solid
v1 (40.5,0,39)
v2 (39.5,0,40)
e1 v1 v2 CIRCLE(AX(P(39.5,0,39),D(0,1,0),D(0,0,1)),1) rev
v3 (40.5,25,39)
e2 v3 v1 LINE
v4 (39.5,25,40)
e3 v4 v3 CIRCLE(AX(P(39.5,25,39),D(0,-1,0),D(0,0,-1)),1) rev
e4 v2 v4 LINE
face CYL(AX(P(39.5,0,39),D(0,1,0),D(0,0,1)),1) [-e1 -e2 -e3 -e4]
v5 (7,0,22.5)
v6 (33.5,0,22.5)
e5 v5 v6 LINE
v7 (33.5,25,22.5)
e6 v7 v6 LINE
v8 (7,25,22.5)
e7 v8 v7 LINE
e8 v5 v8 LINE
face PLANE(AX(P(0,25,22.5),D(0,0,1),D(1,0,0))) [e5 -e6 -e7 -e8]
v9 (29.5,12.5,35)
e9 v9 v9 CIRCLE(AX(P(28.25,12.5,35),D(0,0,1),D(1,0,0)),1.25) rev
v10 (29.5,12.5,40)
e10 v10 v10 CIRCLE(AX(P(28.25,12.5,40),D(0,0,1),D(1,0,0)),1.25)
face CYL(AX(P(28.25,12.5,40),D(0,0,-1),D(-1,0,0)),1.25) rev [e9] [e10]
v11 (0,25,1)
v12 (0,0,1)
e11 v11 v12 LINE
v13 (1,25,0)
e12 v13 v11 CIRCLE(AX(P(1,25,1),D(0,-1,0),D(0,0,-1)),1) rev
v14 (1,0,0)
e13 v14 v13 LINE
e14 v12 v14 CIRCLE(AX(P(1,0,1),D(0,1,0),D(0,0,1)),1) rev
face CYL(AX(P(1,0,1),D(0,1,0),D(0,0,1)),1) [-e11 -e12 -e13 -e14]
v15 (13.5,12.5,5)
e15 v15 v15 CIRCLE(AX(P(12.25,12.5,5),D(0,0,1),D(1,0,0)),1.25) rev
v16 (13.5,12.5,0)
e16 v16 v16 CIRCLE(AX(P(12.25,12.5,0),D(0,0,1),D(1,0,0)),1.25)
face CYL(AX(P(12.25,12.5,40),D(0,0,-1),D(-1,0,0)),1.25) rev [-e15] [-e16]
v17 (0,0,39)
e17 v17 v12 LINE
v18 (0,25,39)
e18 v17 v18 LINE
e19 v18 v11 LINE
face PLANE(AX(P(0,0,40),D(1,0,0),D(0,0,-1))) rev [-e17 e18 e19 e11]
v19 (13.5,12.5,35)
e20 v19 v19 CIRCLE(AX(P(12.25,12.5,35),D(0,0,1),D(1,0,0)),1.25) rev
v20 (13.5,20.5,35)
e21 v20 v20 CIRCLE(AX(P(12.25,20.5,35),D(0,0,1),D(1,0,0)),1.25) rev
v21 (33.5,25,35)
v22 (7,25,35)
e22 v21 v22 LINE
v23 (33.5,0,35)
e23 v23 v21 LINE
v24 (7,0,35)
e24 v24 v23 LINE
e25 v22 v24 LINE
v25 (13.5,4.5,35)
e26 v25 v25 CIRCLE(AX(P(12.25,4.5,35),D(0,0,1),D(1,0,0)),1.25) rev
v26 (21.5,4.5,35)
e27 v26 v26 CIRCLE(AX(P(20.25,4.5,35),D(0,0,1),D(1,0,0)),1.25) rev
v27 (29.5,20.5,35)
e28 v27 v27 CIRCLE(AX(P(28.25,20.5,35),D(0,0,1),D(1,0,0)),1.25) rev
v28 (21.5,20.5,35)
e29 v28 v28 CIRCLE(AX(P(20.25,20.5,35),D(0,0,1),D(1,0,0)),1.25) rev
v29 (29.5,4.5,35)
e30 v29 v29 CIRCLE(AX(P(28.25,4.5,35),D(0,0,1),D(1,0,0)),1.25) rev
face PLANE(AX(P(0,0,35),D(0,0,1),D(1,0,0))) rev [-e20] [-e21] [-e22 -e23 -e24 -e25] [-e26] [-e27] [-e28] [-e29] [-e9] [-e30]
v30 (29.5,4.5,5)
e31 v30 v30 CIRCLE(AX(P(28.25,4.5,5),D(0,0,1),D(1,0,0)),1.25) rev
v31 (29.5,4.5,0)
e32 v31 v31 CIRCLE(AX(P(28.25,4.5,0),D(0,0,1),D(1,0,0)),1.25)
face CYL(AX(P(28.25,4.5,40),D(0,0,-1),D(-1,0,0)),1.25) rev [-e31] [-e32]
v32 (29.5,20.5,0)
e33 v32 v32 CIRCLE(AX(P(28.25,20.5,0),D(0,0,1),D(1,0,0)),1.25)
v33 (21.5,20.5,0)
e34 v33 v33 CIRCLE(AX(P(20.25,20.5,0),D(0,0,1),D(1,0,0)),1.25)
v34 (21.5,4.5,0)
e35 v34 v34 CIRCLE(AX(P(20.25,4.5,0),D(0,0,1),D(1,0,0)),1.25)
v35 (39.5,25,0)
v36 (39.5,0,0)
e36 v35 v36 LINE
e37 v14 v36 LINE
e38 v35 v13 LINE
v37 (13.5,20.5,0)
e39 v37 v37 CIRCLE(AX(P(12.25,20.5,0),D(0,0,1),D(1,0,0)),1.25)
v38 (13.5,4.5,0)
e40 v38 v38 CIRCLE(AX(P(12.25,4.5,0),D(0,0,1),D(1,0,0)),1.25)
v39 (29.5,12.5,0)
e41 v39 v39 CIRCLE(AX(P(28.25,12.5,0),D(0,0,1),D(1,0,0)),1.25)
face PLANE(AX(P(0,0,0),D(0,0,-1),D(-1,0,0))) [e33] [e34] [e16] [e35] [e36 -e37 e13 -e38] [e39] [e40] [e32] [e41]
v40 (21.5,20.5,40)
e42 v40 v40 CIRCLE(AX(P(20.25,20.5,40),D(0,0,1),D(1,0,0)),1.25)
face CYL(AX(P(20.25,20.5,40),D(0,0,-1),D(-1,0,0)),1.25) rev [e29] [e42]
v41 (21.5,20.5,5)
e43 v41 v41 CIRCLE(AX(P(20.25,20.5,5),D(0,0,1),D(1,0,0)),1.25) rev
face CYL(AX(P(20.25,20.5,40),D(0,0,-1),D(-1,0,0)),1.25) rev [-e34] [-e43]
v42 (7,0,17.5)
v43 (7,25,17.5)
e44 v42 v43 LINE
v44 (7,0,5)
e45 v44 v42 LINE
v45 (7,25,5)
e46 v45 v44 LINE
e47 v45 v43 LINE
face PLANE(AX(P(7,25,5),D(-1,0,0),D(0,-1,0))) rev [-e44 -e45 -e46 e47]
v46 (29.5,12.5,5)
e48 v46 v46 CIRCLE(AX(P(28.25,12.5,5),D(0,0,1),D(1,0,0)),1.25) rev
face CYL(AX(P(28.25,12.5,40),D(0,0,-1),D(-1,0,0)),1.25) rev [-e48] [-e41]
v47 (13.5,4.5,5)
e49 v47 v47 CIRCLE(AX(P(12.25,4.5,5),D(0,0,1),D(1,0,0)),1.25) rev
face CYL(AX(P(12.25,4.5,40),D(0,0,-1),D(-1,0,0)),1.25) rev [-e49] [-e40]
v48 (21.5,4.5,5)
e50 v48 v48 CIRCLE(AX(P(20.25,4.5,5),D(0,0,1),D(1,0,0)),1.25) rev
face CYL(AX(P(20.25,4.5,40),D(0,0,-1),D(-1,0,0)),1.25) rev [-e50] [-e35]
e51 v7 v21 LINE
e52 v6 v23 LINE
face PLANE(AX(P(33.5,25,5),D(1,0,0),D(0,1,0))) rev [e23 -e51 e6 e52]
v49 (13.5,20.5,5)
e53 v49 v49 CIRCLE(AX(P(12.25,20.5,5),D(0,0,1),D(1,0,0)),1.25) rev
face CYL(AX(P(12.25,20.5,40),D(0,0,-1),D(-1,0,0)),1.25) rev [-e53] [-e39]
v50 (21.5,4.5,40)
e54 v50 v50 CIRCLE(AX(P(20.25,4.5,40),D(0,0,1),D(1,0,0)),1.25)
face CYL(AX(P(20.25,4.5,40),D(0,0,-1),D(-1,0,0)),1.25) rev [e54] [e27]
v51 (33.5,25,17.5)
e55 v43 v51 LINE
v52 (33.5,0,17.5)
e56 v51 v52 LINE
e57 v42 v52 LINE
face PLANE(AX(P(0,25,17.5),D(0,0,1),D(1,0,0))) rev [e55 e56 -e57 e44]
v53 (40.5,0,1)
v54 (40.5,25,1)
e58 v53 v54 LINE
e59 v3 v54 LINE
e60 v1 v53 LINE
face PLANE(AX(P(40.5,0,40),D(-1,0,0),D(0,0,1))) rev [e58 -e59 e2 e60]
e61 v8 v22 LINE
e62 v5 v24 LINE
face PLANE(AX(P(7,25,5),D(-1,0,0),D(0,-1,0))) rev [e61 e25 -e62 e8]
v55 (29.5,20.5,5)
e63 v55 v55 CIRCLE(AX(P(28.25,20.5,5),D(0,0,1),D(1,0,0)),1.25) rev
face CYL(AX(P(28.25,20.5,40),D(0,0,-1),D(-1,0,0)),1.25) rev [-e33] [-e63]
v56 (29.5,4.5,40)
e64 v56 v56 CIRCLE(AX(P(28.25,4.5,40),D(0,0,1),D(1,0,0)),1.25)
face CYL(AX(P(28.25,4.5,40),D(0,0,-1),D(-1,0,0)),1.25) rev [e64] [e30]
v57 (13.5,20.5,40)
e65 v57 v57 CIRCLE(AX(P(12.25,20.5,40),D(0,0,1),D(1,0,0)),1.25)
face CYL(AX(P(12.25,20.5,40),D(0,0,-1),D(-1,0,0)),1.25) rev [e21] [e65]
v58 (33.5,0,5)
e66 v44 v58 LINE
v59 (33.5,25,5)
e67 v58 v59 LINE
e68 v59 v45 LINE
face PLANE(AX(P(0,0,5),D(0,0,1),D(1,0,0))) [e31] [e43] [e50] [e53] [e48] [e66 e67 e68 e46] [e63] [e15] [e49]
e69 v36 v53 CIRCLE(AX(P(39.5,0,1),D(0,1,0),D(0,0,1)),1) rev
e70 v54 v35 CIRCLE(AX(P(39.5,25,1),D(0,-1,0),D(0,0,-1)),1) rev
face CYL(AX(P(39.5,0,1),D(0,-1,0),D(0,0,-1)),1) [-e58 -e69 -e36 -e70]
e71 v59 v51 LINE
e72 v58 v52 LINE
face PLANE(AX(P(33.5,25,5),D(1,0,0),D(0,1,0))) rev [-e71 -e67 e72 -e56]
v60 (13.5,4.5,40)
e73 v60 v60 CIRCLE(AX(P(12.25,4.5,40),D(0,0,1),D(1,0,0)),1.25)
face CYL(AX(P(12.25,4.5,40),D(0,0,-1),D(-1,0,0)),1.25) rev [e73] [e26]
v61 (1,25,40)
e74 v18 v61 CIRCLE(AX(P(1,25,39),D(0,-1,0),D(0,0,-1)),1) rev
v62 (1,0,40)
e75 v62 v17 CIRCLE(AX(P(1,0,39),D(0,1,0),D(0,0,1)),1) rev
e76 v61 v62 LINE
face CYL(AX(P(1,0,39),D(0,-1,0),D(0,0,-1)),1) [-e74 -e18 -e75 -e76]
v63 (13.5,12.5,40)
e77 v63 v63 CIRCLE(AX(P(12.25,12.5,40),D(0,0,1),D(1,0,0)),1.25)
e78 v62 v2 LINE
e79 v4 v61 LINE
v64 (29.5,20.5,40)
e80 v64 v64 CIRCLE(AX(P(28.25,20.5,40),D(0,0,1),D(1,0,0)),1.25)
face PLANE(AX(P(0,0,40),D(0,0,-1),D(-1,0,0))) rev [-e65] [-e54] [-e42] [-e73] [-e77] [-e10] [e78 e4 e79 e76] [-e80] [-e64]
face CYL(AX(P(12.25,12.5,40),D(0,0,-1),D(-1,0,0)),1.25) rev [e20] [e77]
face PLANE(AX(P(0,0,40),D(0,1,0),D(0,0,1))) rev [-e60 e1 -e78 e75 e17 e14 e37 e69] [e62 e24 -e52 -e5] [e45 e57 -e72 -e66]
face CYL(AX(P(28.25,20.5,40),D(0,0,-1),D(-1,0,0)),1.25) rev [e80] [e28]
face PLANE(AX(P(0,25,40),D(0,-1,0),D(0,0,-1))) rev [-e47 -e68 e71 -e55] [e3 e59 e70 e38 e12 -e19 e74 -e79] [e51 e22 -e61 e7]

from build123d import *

# Parameters (mm, degrees)
SKETCH1_W               = 40.5
SKETCH1_H               = 25
BOSS_EXTRUDE1_DEPTH     = 40
CUT_EXTRUDE1_START      = -5
SKETCH2_W               = 26.5
SKETCH2_H               = 25
CUT_EXTRUDE1_DEPTH      = 30
FILLET1_R               = 1
SKETCH3_R               = 1.25
CUT_EXTRUDE2_DEPTH      = 35
CUT_EXTRUDE2_DEPTH_BACK = 5
FILLET2_R               = 1
SKETCH6_W               = 5
SKETCH6_H               = 25
BOSS_EXTRUDE3_DEPTH     = 40.5


with BuildPart() as part:
    # Sketch1 → Boss-Extrude1 (new body)
    with BuildSketch(Plane.XY):
        with Locations((20.25, 12.5)):
            Rectangle(SKETCH1_W, SKETCH1_H)
    extrude(amount=BOSS_EXTRUDE1_DEPTH)

    # Sketch2 → Cut-Extrude1 (cut)
    with BuildSketch(Plane.XY.offset(40).offset(CUT_EXTRUDE1_START)):
        with Locations((20.25, 12.5)):
            Rectangle(SKETCH2_W, SKETCH2_H)
    extrude(amount=-CUT_EXTRUDE1_DEPTH, mode=Mode.SUBTRACT)

    # Fillet1
    fillet1_edges = [part.edges().sort_by_distance(p)[0] for p in [
        (40.5, 12.5, 0),
        (0, 12.5, 0),
    ]]
    fillet(fillet1_edges, radius=FILLET1_R)

    # Sketch3 → Cut-Extrude2 (cut, two sides)
    with BuildSketch(Plane.XY.offset(5)) as cut_extrude2_sk:
        with Locations((12.25, 4.5)):
            Circle(SKETCH3_R)
        with Locations((20.25, 4.5)):
            Circle(SKETCH3_R)
        with Locations((12.25, 12.5)):
            Circle(SKETCH3_R)
        with Locations((12.25, 20.5)):
            Circle(SKETCH3_R)
        with Locations((20.25, 20.5)):
            Circle(SKETCH3_R)
        with Locations((28.25, 4.5)):
            Circle(SKETCH3_R)
        with Locations((28.25, 12.5)):
            Circle(SKETCH3_R)
        with Locations((28.25, 20.5)):
            Circle(SKETCH3_R)
    extrude(amount=CUT_EXTRUDE2_DEPTH, mode=Mode.SUBTRACT)
    extrude(cut_extrude2_sk.sketch, amount=-CUT_EXTRUDE2_DEPTH_BACK, mode=Mode.SUBTRACT)

    # Fillet2
    fillet2_edges = [part.edges().sort_by_distance(p)[0] for p in [
        (40.5, 12.5, 40),
        (0, 12.5, 40),
    ]]
    fillet(fillet2_edges, radius=FILLET2_R)

    # Sketch6 → Boss-Extrude3 (add)
    with BuildSketch(Plane(origin=(40.5, 0, 0), x_dir=(0, 0, -1), z_dir=(1, 0, 0))):
        with Locations((-20, 12.5)):
            Rectangle(SKETCH6_W, SKETCH6_H)
    extrude(amount=-BOSS_EXTRUDE3_DEPTH)


solid = part.part
